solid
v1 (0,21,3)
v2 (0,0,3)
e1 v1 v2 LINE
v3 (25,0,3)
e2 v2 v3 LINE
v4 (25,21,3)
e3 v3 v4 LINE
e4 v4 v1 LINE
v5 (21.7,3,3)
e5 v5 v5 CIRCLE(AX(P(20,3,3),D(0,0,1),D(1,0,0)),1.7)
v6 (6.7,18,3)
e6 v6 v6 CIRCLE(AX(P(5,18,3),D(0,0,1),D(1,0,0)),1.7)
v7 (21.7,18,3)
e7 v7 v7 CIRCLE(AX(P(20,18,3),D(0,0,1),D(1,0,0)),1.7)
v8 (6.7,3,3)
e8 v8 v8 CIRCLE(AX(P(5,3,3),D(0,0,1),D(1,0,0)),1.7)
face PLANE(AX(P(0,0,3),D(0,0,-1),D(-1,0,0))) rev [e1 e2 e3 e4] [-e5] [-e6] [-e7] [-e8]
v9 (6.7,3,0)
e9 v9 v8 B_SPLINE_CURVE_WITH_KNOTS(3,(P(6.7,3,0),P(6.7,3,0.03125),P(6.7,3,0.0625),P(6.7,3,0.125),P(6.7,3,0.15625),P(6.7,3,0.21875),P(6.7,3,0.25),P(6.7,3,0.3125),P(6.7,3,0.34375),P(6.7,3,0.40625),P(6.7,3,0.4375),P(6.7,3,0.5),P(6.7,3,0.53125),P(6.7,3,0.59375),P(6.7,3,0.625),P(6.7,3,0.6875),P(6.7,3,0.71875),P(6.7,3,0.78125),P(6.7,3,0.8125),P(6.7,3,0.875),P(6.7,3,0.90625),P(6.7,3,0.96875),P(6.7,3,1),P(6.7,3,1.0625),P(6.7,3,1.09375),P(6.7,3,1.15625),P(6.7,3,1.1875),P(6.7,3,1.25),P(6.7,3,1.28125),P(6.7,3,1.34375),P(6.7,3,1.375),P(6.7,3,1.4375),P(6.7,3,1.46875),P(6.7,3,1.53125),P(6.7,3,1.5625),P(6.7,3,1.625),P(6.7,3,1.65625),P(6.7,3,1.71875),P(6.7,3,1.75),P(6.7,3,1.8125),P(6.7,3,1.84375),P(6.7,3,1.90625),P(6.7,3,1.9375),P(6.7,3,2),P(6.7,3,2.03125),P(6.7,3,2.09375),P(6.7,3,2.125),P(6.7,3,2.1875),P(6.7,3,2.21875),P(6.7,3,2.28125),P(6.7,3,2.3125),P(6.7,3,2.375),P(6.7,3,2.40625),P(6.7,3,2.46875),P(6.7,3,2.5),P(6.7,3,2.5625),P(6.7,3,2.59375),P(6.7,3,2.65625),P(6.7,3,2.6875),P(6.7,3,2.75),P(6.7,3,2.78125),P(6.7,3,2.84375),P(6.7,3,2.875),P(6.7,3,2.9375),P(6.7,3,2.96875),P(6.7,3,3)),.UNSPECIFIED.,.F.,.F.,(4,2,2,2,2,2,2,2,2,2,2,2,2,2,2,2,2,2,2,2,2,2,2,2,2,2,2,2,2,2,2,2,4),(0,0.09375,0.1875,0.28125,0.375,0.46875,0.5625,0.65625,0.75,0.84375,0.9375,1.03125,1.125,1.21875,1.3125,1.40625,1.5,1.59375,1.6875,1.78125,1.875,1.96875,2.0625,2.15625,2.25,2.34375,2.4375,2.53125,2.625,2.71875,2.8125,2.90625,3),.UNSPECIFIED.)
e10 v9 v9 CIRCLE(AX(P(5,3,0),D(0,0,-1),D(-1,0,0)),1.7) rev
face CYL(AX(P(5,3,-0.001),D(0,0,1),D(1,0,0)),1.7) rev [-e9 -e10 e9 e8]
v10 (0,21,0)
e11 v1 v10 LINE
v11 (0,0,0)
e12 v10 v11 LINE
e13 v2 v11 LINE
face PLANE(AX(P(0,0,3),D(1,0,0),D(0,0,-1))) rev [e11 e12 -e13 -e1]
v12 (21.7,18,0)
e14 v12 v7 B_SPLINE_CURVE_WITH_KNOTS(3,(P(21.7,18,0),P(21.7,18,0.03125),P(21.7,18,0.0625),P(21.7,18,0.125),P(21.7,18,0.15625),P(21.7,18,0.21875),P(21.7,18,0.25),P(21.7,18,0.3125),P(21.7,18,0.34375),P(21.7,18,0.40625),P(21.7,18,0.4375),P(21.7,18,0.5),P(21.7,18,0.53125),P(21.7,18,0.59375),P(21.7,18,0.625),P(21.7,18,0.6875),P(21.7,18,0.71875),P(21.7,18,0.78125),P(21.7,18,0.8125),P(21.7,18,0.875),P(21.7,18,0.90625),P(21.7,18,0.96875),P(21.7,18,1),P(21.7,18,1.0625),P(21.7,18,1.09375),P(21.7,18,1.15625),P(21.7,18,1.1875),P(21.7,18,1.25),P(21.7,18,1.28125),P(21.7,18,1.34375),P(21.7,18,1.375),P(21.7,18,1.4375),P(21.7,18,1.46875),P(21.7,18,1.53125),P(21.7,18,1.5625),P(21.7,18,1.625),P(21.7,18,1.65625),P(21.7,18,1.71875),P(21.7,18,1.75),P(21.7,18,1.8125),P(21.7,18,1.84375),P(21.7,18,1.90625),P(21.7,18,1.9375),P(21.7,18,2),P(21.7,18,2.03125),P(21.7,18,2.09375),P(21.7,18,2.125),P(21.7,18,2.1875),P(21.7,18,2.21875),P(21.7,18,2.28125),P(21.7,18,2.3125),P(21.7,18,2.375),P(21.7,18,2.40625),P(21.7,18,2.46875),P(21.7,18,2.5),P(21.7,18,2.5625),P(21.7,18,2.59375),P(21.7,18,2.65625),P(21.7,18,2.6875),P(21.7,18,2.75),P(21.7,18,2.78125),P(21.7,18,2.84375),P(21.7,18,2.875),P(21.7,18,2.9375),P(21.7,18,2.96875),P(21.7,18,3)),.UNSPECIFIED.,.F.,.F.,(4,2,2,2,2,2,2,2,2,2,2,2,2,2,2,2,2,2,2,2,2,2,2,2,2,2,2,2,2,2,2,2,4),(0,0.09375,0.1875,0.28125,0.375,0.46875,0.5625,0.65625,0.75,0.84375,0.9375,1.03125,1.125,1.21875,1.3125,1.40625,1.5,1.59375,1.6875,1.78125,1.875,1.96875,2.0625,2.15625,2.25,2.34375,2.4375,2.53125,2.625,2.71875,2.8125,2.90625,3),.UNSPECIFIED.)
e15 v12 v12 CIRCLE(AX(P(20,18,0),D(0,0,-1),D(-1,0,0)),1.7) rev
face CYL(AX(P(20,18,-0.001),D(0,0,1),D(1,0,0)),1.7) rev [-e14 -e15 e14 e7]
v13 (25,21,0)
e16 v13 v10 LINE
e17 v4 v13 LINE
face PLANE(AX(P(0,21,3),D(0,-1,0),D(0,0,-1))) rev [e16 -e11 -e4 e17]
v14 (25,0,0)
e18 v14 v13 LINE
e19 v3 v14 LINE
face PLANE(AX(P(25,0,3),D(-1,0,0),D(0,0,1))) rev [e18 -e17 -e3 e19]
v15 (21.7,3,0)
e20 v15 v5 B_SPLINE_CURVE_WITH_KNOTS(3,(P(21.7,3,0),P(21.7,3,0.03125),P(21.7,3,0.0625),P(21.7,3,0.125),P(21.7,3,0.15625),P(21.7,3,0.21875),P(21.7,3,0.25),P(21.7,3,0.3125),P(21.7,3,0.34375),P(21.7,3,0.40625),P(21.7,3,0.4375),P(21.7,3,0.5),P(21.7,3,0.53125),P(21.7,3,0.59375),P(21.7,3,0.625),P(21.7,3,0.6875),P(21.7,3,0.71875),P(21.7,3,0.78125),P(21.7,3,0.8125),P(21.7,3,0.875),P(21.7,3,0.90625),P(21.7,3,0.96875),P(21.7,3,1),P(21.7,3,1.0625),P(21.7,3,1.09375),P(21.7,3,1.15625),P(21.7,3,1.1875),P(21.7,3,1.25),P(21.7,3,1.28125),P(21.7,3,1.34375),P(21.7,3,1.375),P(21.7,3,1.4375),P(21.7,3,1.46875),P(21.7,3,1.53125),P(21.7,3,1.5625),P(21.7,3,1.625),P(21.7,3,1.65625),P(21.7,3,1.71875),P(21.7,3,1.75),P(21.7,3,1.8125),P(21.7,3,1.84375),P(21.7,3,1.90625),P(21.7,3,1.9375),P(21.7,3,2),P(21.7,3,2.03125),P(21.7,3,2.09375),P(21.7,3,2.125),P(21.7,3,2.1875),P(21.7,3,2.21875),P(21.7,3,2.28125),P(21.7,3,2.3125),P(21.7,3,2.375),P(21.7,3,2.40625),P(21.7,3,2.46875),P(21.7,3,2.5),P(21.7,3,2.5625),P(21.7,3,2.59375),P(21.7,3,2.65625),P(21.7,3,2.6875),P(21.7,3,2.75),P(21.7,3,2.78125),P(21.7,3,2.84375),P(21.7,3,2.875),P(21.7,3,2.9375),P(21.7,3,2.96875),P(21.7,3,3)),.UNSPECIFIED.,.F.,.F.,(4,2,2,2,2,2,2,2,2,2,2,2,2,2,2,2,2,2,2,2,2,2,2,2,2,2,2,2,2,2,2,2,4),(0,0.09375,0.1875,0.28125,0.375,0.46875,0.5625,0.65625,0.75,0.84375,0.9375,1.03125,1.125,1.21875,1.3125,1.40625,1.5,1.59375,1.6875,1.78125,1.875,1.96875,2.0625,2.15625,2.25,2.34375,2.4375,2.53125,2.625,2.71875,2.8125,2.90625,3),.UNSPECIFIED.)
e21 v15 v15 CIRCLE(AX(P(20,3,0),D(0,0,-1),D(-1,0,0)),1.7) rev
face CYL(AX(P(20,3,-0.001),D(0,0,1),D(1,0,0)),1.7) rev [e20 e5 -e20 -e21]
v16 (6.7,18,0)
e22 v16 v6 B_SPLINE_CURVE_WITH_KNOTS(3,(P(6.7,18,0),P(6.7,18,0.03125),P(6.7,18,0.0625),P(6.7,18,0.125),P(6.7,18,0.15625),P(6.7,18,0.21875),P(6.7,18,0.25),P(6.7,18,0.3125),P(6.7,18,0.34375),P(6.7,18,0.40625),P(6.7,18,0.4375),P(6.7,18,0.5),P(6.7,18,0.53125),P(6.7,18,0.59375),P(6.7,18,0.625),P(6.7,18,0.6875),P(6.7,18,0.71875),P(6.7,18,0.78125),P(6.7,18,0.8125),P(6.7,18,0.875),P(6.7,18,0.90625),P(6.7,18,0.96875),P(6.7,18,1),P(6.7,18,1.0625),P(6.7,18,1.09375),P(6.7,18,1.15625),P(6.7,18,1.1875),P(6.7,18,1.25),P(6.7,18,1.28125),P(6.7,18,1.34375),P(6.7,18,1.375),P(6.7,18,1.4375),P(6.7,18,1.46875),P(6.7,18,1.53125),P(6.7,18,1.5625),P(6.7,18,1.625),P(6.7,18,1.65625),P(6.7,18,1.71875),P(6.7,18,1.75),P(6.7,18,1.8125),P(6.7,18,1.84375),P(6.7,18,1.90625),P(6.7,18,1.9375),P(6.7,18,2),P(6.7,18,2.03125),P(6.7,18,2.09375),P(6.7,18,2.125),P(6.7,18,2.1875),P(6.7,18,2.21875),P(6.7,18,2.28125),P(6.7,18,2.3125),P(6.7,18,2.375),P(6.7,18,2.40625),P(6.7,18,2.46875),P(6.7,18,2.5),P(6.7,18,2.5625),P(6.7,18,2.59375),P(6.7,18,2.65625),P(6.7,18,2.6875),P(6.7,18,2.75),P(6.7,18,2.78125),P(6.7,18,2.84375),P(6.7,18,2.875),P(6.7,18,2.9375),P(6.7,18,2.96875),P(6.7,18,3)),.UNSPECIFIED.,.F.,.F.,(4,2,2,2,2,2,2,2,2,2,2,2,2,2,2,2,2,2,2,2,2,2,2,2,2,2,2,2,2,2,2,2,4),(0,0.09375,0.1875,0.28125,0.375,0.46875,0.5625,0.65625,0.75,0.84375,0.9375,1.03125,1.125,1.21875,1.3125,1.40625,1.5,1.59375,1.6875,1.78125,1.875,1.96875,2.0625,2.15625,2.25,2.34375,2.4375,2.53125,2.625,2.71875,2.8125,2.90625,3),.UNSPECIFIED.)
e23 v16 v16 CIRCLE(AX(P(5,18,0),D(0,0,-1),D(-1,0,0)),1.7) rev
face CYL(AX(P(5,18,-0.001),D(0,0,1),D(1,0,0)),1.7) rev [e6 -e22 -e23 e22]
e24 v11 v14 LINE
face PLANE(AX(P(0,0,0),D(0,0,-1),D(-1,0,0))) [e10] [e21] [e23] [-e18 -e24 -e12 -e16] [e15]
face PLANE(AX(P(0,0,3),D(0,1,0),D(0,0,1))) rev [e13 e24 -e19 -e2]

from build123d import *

# Parameters (mm, degrees)
SKETCH_1_W          = 25
SKETCH_1_H          = 21
EXTRUDE_1_DEPTH     = 3
CUT_EXTRUDE_1_REACH = 34.787
SKETCH_2_R          = 1.7


with BuildPart() as part:
    # 草图1 → 凸台-拉伸1 (new body)
    with BuildSketch(Plane.XY):
        with Locations((12.5, 10.5)):
            Rectangle(SKETCH_1_W, SKETCH_1_H)
    extrude(amount=EXTRUDE_1_DEPTH)

    # 草图2 → 切除-拉伸1 (cut, up to next)
    with BuildSketch(Plane.XY.offset(3), mode=Mode.PRIVATE) as cut_extrude_1_sk1:
        with Locations((20, 18)):
            Circle(SKETCH_2_R)
    cut_extrude_1_tool1 = extrude(cut_extrude_1_sk1.sketch, amount=-CUT_EXTRUDE_1_REACH, mode=Mode.PRIVATE) & part.part
    # 草图2 → 切除-拉伸1 (cut, up to next)
    with BuildSketch(Plane.XY.offset(3), mode=Mode.PRIVATE) as cut_extrude_1_sk2:
        with Locations((5, 18)):
            Circle(SKETCH_2_R)
    cut_extrude_1_tool2 = extrude(cut_extrude_1_sk2.sketch, amount=-CUT_EXTRUDE_1_REACH, mode=Mode.PRIVATE) & part.part
    # 草图2 → 切除-拉伸1 (cut, up to next)
    with BuildSketch(Plane.XY.offset(3), mode=Mode.PRIVATE) as cut_extrude_1_sk3:
        with Locations((5, 3)):
            Circle(SKETCH_2_R)
    cut_extrude_1_tool3 = extrude(cut_extrude_1_sk3.sketch, amount=-CUT_EXTRUDE_1_REACH, mode=Mode.PRIVATE) & part.part
    # 草图2 → 切除-拉伸1 (cut, up to next)
    with BuildSketch(Plane.XY.offset(3), mode=Mode.PRIVATE) as cut_extrude_1_sk4:
        with Locations((20, 3)):
            Circle(SKETCH_2_R)
    cut_extrude_1_tool4 = extrude(cut_extrude_1_sk4.sketch, amount=-CUT_EXTRUDE_1_REACH, mode=Mode.PRIVATE) & part.part
    add(cut_extrude_1_tool1.solids().sort_by_distance((20, 18, 3))[0], mode=Mode.SUBTRACT)
    add(cut_extrude_1_tool2.solids().sort_by_distance((5, 18, 3))[0], mode=Mode.SUBTRACT)
    add(cut_extrude_1_tool3.solids().sort_by_distance((5, 3, 3))[0], mode=Mode.SUBTRACT)
    add(cut_extrude_1_tool4.solids().sort_by_distance((20, 3, 3))[0], mode=Mode.SUBTRACT)


solid = part.part
